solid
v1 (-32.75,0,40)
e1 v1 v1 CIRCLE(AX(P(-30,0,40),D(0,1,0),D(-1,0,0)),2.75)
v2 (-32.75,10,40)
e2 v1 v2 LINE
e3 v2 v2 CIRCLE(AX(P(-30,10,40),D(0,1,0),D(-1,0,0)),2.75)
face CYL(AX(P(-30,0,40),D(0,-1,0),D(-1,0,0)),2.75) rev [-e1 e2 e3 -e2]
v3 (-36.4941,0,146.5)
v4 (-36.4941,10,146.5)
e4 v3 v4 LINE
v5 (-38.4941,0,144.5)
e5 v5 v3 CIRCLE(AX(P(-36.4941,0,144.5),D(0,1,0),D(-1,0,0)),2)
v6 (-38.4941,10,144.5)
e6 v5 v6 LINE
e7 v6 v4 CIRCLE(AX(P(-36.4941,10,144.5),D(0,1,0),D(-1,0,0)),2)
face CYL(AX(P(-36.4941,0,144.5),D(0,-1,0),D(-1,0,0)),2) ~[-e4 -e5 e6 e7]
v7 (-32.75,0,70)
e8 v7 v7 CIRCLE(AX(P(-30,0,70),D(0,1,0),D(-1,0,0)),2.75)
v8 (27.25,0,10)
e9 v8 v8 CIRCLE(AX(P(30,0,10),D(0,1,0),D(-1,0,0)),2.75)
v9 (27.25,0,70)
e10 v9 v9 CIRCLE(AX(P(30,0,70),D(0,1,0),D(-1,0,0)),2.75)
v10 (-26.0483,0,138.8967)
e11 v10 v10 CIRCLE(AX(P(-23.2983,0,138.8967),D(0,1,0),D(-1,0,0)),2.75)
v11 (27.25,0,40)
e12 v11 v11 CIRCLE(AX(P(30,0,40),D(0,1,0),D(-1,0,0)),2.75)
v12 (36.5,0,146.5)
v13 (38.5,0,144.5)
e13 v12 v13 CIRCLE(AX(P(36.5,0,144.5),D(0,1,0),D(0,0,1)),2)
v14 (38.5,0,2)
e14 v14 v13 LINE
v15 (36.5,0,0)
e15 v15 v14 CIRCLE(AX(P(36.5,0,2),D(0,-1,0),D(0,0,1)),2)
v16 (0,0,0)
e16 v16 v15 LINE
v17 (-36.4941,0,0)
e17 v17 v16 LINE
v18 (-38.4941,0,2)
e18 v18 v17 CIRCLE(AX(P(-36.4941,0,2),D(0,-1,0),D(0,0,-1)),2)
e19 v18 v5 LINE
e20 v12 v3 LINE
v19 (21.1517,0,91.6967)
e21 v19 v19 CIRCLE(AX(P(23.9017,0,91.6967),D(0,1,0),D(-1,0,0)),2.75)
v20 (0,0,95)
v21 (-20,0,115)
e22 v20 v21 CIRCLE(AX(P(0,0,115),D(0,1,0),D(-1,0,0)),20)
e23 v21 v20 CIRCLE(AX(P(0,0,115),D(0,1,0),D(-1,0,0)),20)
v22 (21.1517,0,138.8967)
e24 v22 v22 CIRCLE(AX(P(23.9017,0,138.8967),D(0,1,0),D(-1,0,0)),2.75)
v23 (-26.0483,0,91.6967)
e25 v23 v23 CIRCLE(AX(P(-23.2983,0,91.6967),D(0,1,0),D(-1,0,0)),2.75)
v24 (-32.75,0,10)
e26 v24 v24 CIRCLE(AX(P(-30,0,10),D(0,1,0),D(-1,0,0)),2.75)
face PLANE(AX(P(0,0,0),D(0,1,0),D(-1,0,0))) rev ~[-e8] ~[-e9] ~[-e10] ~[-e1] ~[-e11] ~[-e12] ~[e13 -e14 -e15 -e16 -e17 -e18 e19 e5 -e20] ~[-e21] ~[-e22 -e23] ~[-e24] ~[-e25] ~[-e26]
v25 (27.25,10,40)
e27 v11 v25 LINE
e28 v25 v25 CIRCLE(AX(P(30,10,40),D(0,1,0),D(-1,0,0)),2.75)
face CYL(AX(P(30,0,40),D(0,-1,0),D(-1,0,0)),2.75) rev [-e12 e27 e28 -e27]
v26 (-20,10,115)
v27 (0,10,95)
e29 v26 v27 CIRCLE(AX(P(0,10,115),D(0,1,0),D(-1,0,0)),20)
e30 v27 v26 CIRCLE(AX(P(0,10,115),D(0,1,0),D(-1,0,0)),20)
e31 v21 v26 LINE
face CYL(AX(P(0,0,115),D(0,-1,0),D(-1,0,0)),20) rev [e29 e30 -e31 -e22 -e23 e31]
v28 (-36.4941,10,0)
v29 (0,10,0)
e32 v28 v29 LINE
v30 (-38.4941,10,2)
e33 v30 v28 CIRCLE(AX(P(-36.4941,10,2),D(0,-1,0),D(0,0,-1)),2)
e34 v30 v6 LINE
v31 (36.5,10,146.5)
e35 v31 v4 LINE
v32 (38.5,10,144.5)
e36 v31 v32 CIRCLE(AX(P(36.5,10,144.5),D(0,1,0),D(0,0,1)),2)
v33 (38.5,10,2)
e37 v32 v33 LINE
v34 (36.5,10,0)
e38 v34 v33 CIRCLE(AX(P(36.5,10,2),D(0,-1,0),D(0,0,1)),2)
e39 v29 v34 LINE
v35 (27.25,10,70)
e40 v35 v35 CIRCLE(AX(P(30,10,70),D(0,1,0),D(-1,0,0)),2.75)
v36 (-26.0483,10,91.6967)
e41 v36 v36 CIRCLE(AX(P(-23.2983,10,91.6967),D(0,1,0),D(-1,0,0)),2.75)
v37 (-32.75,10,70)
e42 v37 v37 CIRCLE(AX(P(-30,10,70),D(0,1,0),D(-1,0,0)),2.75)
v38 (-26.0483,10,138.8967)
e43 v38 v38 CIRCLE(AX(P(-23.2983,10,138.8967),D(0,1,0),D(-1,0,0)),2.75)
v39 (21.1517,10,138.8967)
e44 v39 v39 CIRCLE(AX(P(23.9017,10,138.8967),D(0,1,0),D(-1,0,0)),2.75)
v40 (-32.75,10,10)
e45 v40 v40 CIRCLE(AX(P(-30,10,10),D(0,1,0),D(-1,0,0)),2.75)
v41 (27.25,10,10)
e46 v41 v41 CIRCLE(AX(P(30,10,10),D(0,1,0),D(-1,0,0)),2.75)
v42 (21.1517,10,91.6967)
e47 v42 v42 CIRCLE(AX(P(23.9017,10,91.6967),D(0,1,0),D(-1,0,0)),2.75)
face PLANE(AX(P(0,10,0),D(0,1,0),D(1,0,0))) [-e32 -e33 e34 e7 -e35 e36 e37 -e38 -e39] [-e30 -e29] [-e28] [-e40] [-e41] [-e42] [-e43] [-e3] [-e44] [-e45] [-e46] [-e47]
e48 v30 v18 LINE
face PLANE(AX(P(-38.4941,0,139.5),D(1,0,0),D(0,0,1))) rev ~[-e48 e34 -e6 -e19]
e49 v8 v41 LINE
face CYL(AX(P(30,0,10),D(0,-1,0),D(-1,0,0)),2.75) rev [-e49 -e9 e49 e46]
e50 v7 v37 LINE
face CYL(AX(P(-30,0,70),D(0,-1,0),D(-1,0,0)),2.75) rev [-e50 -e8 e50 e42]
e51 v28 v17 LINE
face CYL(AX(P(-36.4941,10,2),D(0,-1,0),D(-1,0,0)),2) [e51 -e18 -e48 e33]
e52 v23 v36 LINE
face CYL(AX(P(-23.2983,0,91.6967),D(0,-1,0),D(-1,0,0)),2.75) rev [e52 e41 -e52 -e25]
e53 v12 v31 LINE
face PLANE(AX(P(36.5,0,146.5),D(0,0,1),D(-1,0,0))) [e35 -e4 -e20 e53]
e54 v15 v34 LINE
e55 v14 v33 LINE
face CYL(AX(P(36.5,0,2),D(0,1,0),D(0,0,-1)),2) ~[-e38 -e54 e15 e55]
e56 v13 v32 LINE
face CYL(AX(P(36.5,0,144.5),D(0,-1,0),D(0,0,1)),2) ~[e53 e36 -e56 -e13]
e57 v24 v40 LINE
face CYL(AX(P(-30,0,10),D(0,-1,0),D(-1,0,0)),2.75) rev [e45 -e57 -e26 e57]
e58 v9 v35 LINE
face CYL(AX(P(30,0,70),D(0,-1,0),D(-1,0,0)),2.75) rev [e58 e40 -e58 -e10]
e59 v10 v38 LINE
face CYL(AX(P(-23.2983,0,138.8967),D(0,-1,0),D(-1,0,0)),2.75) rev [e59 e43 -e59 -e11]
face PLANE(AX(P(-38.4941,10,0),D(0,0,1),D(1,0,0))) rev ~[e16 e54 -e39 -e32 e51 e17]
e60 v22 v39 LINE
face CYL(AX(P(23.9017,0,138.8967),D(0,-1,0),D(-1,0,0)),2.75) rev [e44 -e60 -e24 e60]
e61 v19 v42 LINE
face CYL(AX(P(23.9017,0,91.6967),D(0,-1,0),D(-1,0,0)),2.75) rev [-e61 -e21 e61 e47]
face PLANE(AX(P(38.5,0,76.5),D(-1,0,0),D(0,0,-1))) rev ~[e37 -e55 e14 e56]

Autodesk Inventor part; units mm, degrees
ref_plane "YZ Plane" through (0, 0, 0) normal (1, 0, 0) x (0, 1, 0)
ref_plane "XZ Plane" through (0, 0, 0) normal (0, 1, 0) x (-1, 0, 0)
ref_plane "XY Plane" through (0, 0, 0) normal (0, 0, 1) x (1, 0, 0)
sketch "Sketch1" plane through (0, 0, 0) normal (0, 1, 0) x (-1, 0, 0)
  arc A0 (-15, 27) -> (-13, 25) centre (-13, 27) ccw
  line L0 (-15, 27) -> (-15, 53)
  arc A1 (-13, 55) -> (-15, 53) centre (-13, 53) ccw
  line L1 (-13, 55) -> (13, 55)
  arc A2 (15, 53) -> (13, 55) centre (13, 53) ccw
  line L2 (15, 53) -> (15, 27)
  arc A3 (13, 25) -> (15, 27) centre (13, 27) ccw
  line L3 (13, 25) -> (-13, 25)
  arc A4 (36.5, 1.5) -> (38.5, 3.5) centre (36.5, 3.5) ccw
  line L4 (38.5, 3.5) -> (38.5, 76.5)
  arc A5 (38.5, 76.5) -> (36.5, 78.5) centre (36.5, 76.5) ccw
  line L5 (36.5, 78.5) -> (-36.5, 78.5)
  arc A6 (-36.5, 78.5) -> (-38.5, 76.5) centre (-36.5, 76.5) ccw
  line L6 (-38.5, 76.5) -> (-38.5, 3.5)
  arc A7 (-38.5, 3.5) -> (-36.5, 1.5) centre (-36.5, 3.5) ccw
  line L7 (-36.5, 1.5) -> (36.5, 1.5)
  circle A8 centre (0, 60) radius 2.5
  circle A9 centre (-10, 70) radius 2.5
  circle A10 centre (10, 70) radius 2.5
  circle A11 centre (30, 70) radius 2.75
  circle A12 centre (10, 10) radius 2.5
  circle A13 centre (30, 10) radius 2.75
  circle A14 centre (0, 20) radius 2.5
  circle A15 centre (20, 30) radius 2.5
  circle A16 centre (20, 60) radius 2.5
  circle A17 centre (20, 50) radius 2.5
  circle A18 centre (-20, 30) radius 2.5
  circle A19 centre (-30, 40) radius 2.75
  circle A20 centre (-20, 20) radius 2.5
  circle A21 centre (20, 20) radius 2.5
  circle A22 centre (-20, 60) radius 2.5
  circle A23 centre (-10, 10) radius 2.5
  circle A24 centre (-30, 10) radius 2.75
  circle A25 centre (-30, 70) radius 2.75
  circle A26 centre (30, 40) radius 2.75
  circle A27 centre (-20, 50) radius 2.5
  line L8 (13, 53) -> (-13, 27)
  line L9 (-13, 53) -> (13, 27)
  line L10 (0, 0) -> (0, 40)
  line L11 (0, 0) -> (0, -40)
  line L12 (36.4941, 78.5) -> (-36.5, 78.5)
  line L13 (-38.5, 78.5) -> (-38.5, -56.3967)
  line L14 (-36.5, -66.5) -> (36.4941, -66.5)
  line L15 (38.4941, -59.5) -> (38.4941, 76.5)
  arc A28 (38.4941, 76.5) -> (36.4941, 78.5) centre (36.4941, 76.5) ccw
  arc A29 (-36.5, 78.5) -> (-38.5, 76.5) centre (-36.5, 76.5) ccw
  arc A30 (-38.5, -56.3967) -> (-36.5, -58.3967) centre (-36.5, -56.3967) ccw
  arc A31 (36.4941, -66.5) -> (38.4941, -64.5) centre (36.4941, -64.5) ccw
  line L16 (-38.5, -59.5) -> (-38.5, -56.3967)
  arc A32 (-38.5, -64.5) -> (-36.5, -66.5) centre (-36.5, -64.5) ccw
  circle A33 centre (0, -35) radius 20
  arc A34 (-25.4017, -7.1967) -> (-28.4017, -10.1967) centre (-25.4017, -10.1967) ccw
  line L17 (-28.4017, -10.1967) -> (-28.4017, -61.3967)
  arc A35 (-28.4017, -61.3967) -> (-26.4017, -63.3967) centre (-26.4017, -61.3967) ccw
  line L18 (-26.4017, -63.3967) -> (24.7983, -63.3967)
  arc A36 (24.7983, -63.3967) -> (27.7983, -60.3967) centre (24.7983, -60.3967) ccw
  line L19 (27.7983, -60.3967) -> (27.7983, -10.1967)
  arc A37 (27.7983, -10.1967) -> (24.7983, -7.1967) centre (24.7983, -10.1967) ccw
  line L20 (24.7983, -7.1967) -> (-25.4017, -7.1967)
  circle A38 centre (23.2983, -11.6967) radius 2.75
  circle A39 centre (-23.9017, -11.6967) radius 2.75
  circle A40 centre (23.2983, -58.8967) radius 2.75
  circle A41 centre (-23.9017, -58.8967) radius 2.75
  line L21 (38.4941, -59.5) -> (38.4941, -64.5)
  line L22 (-38.5, -64.5) -> (-38.5, -59.5)
  line L23 (-10, 40) -> (11.2302, 40)
  line L24 (0, 80) -> (0, 40)
  line L25 (0, 80) -> (0, 120)
  line L26 (-38.5, 1.5) -> (-38.5, 136.3967)
  line L27 (-36.5, 146.5) -> (36.4941, 146.5)
  line L28 (38.4941, 139.5) -> (38.4941, 3.5)
  arc A42 (-36.5, 138.3967) -> (-38.5, 136.3967) centre (-36.5, 136.3967) ccw
  arc A43 (38.4941, 144.5) -> (36.4941, 146.5) centre (36.4941, 144.5) ccw
  line L29 (-38.5, 139.5) -> (-38.5, 136.3967)
  arc A44 (-36.5, 146.5) -> (-38.5, 144.5) centre (-36.5, 144.5) ccw
  circle A45 centre (0, 115) radius 20
  arc A46 (-28.4017, 90.1967) -> (-25.4017, 87.1967) centre (-25.4017, 90.1967) ccw
  line L30 (-28.4017, 90.1967) -> (-28.4017, 141.3967)
  arc A47 (-26.4017, 143.3967) -> (-28.4017, 141.3967) centre (-26.4017, 141.3967) ccw
  line L31 (-26.4017, 143.3967) -> (24.7983, 143.3967)
  arc A48 (27.7983, 140.3967) -> (24.7983, 143.3967) centre (24.7983, 140.3967) ccw
  line L32 (27.7983, 140.3967) -> (27.7983, 90.1967)
  arc A49 (24.7983, 87.1967) -> (27.7983, 90.1967) centre (24.7983, 90.1967) ccw
  line L33 (24.7983, 87.1967) -> (-25.4017, 87.1967)
  circle A50 centre (23.2983, 91.6967) radius 2.75
  circle A51 centre (-23.9017, 91.6967) radius 2.75
  circle A52 centre (23.2983, 138.8967) radius 2.75
  circle A53 centre (-23.9017, 138.8967) radius 2.75
  line L34 (38.4941, 139.5) -> (38.4941, 144.5)
  line L35 (-38.5, 144.5) -> (-38.5, 139.5)
  point P0 (-38.5, 1.5)
  point P1 (0, 40)
  point P2 (-38.5, -61.5)
  point P3 (36.4941, 78.5)
  point P4 (38.4941, 3.3463)
  point P5 (36.5, 78.5)
  point P6 (0, 1.5)
  point P7 (36.4941, 78.5)
  point P8 (36.4941, -66.5)
  point P9 (-38.5, 141.5)
  point P10 (38.4941, 76.6537)
  point P11 (36.4941, 146.5)
  dimension "d0" = 40
  dimension "d1" = 40
  dimension "d2" = 2
  dimension "d5" = 145
  dimension "d6" = 0
  dimension "d7" = 2
  dimension "d13" = 5.5
  dimension "d14" = 5.5
  dimension "d15" = 5.5
  dimension "d16" = 5.5
  dimension "d17" = 5.5
  dimension "d18" = 5.5
  dimension "d20" = 40
  dimension "d21" = 5.5
  dimension "d22" = 5.5
  dimension "d23" = 5.5
  dimension "d24" = 5.5
extrude "Extrusion1" add sketch "Sketch1" along normal blind 10 contours A0 L3 L10 A14 L7 A7 L6 A6 L5 L24 A8 L1 A1 L0 | L3 A3 L2 A2 L1 L24 A8 L5 A28 L15 A4 L7 L10 A14 | L10 A14 | A14 L10 | L24 A8 | A8 L24 | L7 A4 L15 L21 A31 L14 A32 L22 L16 L13 A7 | L20 A37 L19 A36 L18 A35 L17 A34 | L5 A6 L13 L26 L29 L35 A44 L27 A43 L34 L28 A5 | L33 A46 L30 A47 L31 A48 L32 A49 | A9 | A10 | A12 | A15 | A16 | A17 | A18 | A20 | A21 | A22 | A23 | A27
sketch "Sketch3" plane through (0, 10, 0) normal (0, 1, 0) x (1, 0, 0)
  line L0 (15, -27) -> (15, -53) projected
  arc A0 (15, -27) -> (13, -25) centre (13, -27) ccw projected
  line L1 (-13, -25) -> (13, -25) projected
  arc A1 (-13, -25) -> (-15, -27) centre (-13, -27) ccw projected
  line L2 (-15, -53) -> (-15, -27) projected
  line L3 (13, -55) -> (-13, -55) projected
  arc A2 (13, -55) -> (15, -53) centre (13, -53) ccw projected
  arc A3 (-15, -53) -> (-13, -55) centre (-13, -53) ccw projected
  point P0 (0, 0)
extrude "Extrusion2" add sketch "Sketch3" against normal blind 10
sketch "Sketch5" plane through (0, 10, 0) normal (0, 1, 0) x (1, 0, 0)
  circle A0 centre (-23.2983, 11.6967) radius 2.75
  line L0 (8.6601, 21.3463) -> (-11.3399, 21.3463)
  line L1 (8.6601, 51.3463) -> (8.6601, 21.3463)
  line L2 (8.6601, 21.3463) -> (-11.3399, 21.3463)
  arc A1 (-21.3399, 31.3463) -> (-11.3399, 21.3463) centre (-11.3399, 31.3463) ccw
  line L3 (-21.3399, 31.3463) -> (-21.3399, 41.3463)
  arc A2 (-11.3399, 51.3463) -> (-21.3399, 41.3463) centre (-11.3399, 41.3463) ccw
  line L4 (-11.3399, 51.3463) -> (8.6601, 51.3463)
  circle A3 centre (23.9017, 11.6967) radius 2.75
  circle A4 centre (23.9017, 58.8967) radius 2.75
  circle A5 centre (-23.2983, 11.6967) radius 2.75
  circle A6 centre (-23.2983, 58.8967) radius 2.75
  line L5 (37.0974, 65.5992) -> (-35.8967, 65.5992)
  arc A7 (-35.8967, 65.5992) -> (-37.8967, 63.5992) centre (-35.8967, 63.5992) ccw
  line L6 (-37.8967, 63.5992) -> (-37.8967, 6.0933)
  line L7 (-37.8967, 6.0933) -> (-37.8967, 3.0933)
  line L8 (39.0974, 3.0933) -> (-37.8967, 3.0933)
  line L9 (39.0974, 63.5992) -> (39.0974, 3.0933)
  arc A8 (39.0974, 63.5992) -> (37.0974, 65.5992) centre (37.0974, 63.5992) ccw
  circle A9 centre (-23.2983, 11.6967) radius 2.75 projected
  point P0 (0, 0)
  point P1 (0.6033, 35.5933)
  point P2 (-11.3399, 21.3463)
sketch "Sketch6" plane through (0, 10, 0) normal (0, 1, 0) x (1, 0, 0)
  circle A0 centre (0, 35) radius 20 projected
  point P0 (0, 0)
extrude "Extrusion3" add sketch "Sketch6" against normal up to surface (10 mm away)
extrude "Extrusion4" cut sketch "Sketch5" against normal blind 10 contours L0 A1 L3 A2 L4 L1
sketch "Sketch7" plane through (-38.4941, 0, 76.6537) normal (-1, 0, 0) x (0, 0, 1)
  line L0 (67.8463, 10) -> (-141.1537, 10) projected
  line L1 (67.8463, 0) -> (-141.1537, 0) projected
  line L2 (2.4973, 10) -> (-2.5509, 10)
  line L3 (-2.5509, 10) -> (-2.5509, 0)
  line L4 (-2.5509, 0) -> (2.4973, 0)
  line L5 (2.4973, 0) -> (2.4973, 10)
  point P0 (-76.6537, 0)
extrude "Extrusion5" add sketch "Sketch7" against normal blind 4
sketch "Sketch8" plane through (0, 10, 0) normal (0, 1, 0) x (1, 0, 0)
  line L0 (-38.4941, 64.5) -> (-38.4941, -144.5) projected
  line L1 (-38.4941, 0) -> (43.0425, 0)
  line L2 (43.0425, 0) -> (43.0425, 71.8354)
  line L3 (43.0425, 71.8354) -> (-38.4941, 71.8354)
  line L4 (-38.4941, 71.8354) -> (-38.4941, 0)
  point P0 (0, 0)
extrude "Extrusion6" cut sketch "Sketch8" against normal through all
fillet "Fillet1" radius 2 2 edges at (38.5, 5, 0) (-38.4941, 5, 0)
properties part number "afirma_motor_lado"
